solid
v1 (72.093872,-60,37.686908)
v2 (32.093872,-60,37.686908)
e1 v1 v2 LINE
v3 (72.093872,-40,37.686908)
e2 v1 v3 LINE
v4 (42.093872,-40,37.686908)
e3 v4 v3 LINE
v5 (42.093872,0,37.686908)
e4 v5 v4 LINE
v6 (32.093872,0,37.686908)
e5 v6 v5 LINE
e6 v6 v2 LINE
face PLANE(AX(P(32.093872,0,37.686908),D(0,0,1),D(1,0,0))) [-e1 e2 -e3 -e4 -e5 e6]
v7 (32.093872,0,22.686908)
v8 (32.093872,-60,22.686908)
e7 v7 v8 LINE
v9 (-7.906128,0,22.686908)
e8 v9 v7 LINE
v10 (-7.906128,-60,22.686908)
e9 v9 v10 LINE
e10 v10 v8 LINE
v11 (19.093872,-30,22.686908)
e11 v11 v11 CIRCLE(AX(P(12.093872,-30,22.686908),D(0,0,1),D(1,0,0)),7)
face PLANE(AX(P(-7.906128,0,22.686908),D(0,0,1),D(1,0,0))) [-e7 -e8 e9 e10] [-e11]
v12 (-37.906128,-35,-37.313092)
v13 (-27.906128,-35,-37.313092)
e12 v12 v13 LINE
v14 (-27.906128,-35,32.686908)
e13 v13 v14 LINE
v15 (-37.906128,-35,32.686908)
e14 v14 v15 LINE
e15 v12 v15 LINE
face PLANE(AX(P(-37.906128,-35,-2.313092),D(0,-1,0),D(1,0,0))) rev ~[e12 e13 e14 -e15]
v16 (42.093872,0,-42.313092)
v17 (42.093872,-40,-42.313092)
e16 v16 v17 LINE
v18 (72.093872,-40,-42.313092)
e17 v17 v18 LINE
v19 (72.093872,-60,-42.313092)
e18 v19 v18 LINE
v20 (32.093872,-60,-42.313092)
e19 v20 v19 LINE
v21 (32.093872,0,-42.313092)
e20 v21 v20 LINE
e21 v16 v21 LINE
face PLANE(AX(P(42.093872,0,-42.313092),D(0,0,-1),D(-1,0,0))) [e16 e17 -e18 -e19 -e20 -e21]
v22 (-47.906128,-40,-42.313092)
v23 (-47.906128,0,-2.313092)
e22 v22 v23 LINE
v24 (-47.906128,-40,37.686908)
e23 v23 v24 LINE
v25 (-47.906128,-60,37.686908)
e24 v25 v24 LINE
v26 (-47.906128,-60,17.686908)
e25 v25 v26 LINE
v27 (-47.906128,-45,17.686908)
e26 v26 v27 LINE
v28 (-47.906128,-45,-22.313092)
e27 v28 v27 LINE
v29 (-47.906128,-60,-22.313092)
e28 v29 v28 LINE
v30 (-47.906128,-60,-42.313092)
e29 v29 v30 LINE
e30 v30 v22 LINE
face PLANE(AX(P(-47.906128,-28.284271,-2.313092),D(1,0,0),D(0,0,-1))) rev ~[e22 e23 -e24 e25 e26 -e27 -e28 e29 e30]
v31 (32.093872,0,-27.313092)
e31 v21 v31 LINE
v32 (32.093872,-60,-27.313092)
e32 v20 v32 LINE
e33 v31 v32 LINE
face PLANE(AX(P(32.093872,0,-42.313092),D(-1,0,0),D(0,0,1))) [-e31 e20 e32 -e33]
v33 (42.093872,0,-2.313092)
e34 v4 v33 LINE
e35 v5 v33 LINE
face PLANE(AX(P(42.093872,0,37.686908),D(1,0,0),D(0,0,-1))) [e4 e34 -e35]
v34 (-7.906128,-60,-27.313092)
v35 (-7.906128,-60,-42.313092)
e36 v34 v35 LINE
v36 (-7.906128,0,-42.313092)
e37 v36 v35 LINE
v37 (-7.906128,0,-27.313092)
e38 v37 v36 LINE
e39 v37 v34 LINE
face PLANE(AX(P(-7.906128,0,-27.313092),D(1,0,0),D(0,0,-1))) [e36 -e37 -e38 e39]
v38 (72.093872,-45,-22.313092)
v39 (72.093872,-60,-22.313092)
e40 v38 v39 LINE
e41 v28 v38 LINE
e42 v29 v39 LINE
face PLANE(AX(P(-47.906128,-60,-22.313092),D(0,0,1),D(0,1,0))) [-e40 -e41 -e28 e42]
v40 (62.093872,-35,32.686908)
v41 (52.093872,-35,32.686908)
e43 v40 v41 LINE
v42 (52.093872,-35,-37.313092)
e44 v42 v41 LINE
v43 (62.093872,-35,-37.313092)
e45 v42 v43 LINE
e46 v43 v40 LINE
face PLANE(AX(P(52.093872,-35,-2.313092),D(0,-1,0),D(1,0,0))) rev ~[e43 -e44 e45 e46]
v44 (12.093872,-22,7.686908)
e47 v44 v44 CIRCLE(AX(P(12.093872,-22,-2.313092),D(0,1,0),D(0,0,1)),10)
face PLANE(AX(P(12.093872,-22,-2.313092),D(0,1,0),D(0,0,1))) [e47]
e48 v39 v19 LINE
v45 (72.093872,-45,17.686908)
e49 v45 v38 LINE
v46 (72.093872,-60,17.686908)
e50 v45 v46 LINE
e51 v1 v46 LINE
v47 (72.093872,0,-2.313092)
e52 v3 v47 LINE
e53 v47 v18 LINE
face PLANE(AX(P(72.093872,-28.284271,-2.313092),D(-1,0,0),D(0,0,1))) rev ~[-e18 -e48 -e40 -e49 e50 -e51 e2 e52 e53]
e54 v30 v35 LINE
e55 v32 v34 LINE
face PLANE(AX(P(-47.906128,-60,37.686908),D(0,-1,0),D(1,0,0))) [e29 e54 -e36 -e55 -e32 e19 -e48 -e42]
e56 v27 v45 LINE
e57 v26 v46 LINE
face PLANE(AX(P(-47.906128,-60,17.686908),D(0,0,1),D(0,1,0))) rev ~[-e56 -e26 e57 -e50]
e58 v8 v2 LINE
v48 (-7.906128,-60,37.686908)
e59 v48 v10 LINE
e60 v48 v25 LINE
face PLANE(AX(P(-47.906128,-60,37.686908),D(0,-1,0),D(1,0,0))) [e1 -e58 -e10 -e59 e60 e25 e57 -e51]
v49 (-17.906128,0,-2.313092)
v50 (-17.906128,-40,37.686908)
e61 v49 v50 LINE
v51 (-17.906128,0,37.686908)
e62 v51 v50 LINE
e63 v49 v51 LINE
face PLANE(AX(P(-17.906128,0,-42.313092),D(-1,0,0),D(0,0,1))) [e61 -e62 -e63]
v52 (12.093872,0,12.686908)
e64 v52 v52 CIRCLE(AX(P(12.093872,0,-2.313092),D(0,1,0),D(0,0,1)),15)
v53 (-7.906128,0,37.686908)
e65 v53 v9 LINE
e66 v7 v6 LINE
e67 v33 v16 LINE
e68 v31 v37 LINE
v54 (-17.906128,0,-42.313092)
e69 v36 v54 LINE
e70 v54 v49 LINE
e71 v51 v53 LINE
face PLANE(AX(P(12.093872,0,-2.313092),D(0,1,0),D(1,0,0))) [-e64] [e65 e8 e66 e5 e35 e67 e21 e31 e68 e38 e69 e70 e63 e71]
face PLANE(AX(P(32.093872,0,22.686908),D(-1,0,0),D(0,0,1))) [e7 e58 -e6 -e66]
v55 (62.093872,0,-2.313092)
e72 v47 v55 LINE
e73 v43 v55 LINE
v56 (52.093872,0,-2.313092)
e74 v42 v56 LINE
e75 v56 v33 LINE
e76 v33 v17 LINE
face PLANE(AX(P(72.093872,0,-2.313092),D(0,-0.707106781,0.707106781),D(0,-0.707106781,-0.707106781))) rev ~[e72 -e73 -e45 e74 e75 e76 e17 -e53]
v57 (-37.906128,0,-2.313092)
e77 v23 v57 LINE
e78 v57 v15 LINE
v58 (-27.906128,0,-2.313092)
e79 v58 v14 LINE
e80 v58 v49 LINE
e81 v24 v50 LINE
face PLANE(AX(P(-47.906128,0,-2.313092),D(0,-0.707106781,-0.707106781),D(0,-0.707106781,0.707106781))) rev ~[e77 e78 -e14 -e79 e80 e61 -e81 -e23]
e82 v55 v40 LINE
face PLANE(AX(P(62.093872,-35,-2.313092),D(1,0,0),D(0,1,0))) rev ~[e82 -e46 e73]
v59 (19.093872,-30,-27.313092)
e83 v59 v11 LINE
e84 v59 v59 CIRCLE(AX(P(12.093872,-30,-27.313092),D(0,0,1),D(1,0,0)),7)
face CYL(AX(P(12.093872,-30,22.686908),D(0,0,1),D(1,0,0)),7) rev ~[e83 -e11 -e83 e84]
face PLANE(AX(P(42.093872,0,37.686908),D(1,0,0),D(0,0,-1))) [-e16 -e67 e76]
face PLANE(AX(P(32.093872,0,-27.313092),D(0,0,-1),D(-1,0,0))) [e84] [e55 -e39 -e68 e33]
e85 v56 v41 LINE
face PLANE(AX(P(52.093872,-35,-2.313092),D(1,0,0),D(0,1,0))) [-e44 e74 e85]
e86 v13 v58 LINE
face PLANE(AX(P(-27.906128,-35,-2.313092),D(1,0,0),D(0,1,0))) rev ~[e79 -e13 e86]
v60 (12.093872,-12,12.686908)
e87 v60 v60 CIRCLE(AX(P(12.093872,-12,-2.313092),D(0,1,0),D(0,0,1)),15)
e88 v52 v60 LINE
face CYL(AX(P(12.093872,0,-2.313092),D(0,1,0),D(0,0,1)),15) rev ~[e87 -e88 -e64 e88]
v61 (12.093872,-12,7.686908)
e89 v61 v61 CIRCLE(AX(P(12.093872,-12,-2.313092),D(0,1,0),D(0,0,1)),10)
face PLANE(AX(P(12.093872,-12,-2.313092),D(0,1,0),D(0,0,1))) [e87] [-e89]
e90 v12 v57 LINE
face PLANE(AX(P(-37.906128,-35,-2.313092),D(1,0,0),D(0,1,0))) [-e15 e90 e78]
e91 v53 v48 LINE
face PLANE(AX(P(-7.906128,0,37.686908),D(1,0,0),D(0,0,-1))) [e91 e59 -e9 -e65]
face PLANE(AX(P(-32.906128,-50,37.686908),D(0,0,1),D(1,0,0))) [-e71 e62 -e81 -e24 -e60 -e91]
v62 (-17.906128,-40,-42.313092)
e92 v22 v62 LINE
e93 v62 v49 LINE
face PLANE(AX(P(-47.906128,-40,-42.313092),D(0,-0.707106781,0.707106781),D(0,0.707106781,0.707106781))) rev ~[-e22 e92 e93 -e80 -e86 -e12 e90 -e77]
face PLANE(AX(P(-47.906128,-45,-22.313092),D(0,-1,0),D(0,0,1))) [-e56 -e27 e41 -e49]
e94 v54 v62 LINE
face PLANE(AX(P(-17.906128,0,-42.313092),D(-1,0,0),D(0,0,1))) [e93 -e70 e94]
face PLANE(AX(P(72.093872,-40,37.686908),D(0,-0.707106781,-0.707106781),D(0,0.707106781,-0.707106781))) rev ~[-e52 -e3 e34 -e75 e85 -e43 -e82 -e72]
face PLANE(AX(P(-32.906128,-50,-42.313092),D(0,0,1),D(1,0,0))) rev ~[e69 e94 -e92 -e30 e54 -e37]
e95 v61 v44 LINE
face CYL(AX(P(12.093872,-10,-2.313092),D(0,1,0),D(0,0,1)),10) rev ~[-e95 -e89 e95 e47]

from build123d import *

# Parameters (mm, degrees)
BOSS_EXTRUDE1_DEPTH = 60
SKETCH3_W           = 30
SKETCH3_H           = 20
BOSS_EXTRUDE2_DEPTH = 80
SKETCH4_W           = 40
SKETCH4_H           = 15
CUT_EXTRUDE1_DEPTH  = 141.678348685
BOSS_EXTRUDE3_DEPTH = 30
BOSS_EXTRUDE4_DEPTH = 30
SKETCH8_W           = 10
SKETCH8_H           = 35
CUT_EXTRUDE2_DEPTH  = 61
SKETCH9_W           = 10
SKETCH9_H           = 35
CUT_EXTRUDE3_DEPTH  = 61
SKETCH10_R          = 7
CUT_EXTRUDE4_DEPTH  = 61
SKETCH12_R          = 10
CUT_EXTRUDE5_DEPTH  = 12
SKETCH13_R          = 15
CUT_EXTRUDE6_DEPTH  = 12


with BuildPart() as part:
    # Sketch1 → Boss-Extrude1 (new body)
    with BuildSketch(Plane(origin=(0, 0, 0), x_dir=(1, 0, 0), z_dir=(0, 1, 0))):
        Polygon((-7.906128035, 42.313092402), (-17.906128035, 42.313092402), (-17.906128035, -37.686907598), (-7.906128035, -37.686907598), (-7.906128035, -22.686907598), (32.093871965, -22.686907598), (32.093871965, -37.686907598), (42.093871965, -37.686907598), (42.093871965, 42.313092402), (32.093871965, 42.313092402), (32.093871965, 27.313092402), (-7.906128035, 27.313092402), align=None)
    extrude(amount=-BOSS_EXTRUDE1_DEPTH)

    # Sketch3 → Boss-Extrude2 (add)
    with BuildSketch(Plane.XY.offset(37.686907598)):
        with Locations((-32.906128035, -50)):
            Rectangle(SKETCH3_W, SKETCH3_H)
        with Locations((57.093871965, -50)):
            Rectangle(SKETCH3_W, SKETCH3_H)
    extrude(amount=-BOSS_EXTRUDE2_DEPTH)

    # Sketch4 → Cut-Extrude1 (cut, through all)
    with BuildSketch(Plane.ZY.offset(47.906128035)):
        with Locations((-2.313092402, -52.5)):
            Rectangle(SKETCH4_W, SKETCH4_H)
    extrude(amount=-CUT_EXTRUDE1_DEPTH, mode=Mode.SUBTRACT)

    # Sketch5 → Boss-Extrude3 (add)
    with BuildSketch(Plane.ZY.offset(47.906128035)):
        Polygon((-42.313092402, -40), (-2.313092402, 0), (37.686907598, -40), align=None)
    extrude(amount=-BOSS_EXTRUDE3_DEPTH)

    # Sketch6 → Boss-Extrude4 (add)
    with BuildSketch(Plane(origin=(72.093871965, 0, 0), x_dir=(0, 0, -1), z_dir=(1, 0, 0))):
        Polygon((-37.686907598, -40), (2.313092402, 0), (42.313092402, -40), align=None)
    extrude(amount=-BOSS_EXTRUDE4_DEPTH)

    # Sketch8 → Cut-Extrude2 (cut, symmetric)
    with BuildSketch(Plane.XY.offset(-2.313092402)):
        with Locations((-32.906128035, -17.5)):
            Rectangle(SKETCH8_W, SKETCH8_H)
    extrude(amount=CUT_EXTRUDE2_DEPTH, both=True, mode=Mode.SUBTRACT)

    # Sketch9 → Cut-Extrude3 (cut, symmetric)
    with BuildSketch(Plane.XY.offset(-2.313092402)):
        with Locations((57.093871965, -17.5)):
            Rectangle(SKETCH9_W, SKETCH9_H)
    extrude(amount=CUT_EXTRUDE3_DEPTH, both=True, mode=Mode.SUBTRACT)

    # Sketch10 → Cut-Extrude4 (cut, symmetric)
    with BuildSketch(Plane.XY.offset(22.686907598)):
        with Locations((12.093871965, -30)):
            Circle(SKETCH10_R)
    extrude(amount=CUT_EXTRUDE4_DEPTH, both=True, mode=Mode.SUBTRACT)

    # Sketch12 → Cut-Extrude5 (cut)
    with BuildSketch(Plane(origin=(0, -10, 0), x_dir=(1, 0, 0), z_dir=(0, 1, 0))):
        with Locations(Location((12.093871965, 2.313092402, 0), (0, 0, 270))):
            Circle(SKETCH12_R)
    extrude(amount=-CUT_EXTRUDE5_DEPTH, mode=Mode.SUBTRACT)

    # Sketch13 → Cut-Extrude6 (cut)
    with BuildSketch(Plane(origin=(0, 0, 0), x_dir=(1, 0, 0), z_dir=(0, 1, 0))):
        with Locations(Location((12.093871965, 2.313092402, 0), (0, 0, 270))):
            Circle(SKETCH13_R)
    extrude(amount=-CUT_EXTRUDE6_DEPTH, mode=Mode.SUBTRACT)


solid = part.part
